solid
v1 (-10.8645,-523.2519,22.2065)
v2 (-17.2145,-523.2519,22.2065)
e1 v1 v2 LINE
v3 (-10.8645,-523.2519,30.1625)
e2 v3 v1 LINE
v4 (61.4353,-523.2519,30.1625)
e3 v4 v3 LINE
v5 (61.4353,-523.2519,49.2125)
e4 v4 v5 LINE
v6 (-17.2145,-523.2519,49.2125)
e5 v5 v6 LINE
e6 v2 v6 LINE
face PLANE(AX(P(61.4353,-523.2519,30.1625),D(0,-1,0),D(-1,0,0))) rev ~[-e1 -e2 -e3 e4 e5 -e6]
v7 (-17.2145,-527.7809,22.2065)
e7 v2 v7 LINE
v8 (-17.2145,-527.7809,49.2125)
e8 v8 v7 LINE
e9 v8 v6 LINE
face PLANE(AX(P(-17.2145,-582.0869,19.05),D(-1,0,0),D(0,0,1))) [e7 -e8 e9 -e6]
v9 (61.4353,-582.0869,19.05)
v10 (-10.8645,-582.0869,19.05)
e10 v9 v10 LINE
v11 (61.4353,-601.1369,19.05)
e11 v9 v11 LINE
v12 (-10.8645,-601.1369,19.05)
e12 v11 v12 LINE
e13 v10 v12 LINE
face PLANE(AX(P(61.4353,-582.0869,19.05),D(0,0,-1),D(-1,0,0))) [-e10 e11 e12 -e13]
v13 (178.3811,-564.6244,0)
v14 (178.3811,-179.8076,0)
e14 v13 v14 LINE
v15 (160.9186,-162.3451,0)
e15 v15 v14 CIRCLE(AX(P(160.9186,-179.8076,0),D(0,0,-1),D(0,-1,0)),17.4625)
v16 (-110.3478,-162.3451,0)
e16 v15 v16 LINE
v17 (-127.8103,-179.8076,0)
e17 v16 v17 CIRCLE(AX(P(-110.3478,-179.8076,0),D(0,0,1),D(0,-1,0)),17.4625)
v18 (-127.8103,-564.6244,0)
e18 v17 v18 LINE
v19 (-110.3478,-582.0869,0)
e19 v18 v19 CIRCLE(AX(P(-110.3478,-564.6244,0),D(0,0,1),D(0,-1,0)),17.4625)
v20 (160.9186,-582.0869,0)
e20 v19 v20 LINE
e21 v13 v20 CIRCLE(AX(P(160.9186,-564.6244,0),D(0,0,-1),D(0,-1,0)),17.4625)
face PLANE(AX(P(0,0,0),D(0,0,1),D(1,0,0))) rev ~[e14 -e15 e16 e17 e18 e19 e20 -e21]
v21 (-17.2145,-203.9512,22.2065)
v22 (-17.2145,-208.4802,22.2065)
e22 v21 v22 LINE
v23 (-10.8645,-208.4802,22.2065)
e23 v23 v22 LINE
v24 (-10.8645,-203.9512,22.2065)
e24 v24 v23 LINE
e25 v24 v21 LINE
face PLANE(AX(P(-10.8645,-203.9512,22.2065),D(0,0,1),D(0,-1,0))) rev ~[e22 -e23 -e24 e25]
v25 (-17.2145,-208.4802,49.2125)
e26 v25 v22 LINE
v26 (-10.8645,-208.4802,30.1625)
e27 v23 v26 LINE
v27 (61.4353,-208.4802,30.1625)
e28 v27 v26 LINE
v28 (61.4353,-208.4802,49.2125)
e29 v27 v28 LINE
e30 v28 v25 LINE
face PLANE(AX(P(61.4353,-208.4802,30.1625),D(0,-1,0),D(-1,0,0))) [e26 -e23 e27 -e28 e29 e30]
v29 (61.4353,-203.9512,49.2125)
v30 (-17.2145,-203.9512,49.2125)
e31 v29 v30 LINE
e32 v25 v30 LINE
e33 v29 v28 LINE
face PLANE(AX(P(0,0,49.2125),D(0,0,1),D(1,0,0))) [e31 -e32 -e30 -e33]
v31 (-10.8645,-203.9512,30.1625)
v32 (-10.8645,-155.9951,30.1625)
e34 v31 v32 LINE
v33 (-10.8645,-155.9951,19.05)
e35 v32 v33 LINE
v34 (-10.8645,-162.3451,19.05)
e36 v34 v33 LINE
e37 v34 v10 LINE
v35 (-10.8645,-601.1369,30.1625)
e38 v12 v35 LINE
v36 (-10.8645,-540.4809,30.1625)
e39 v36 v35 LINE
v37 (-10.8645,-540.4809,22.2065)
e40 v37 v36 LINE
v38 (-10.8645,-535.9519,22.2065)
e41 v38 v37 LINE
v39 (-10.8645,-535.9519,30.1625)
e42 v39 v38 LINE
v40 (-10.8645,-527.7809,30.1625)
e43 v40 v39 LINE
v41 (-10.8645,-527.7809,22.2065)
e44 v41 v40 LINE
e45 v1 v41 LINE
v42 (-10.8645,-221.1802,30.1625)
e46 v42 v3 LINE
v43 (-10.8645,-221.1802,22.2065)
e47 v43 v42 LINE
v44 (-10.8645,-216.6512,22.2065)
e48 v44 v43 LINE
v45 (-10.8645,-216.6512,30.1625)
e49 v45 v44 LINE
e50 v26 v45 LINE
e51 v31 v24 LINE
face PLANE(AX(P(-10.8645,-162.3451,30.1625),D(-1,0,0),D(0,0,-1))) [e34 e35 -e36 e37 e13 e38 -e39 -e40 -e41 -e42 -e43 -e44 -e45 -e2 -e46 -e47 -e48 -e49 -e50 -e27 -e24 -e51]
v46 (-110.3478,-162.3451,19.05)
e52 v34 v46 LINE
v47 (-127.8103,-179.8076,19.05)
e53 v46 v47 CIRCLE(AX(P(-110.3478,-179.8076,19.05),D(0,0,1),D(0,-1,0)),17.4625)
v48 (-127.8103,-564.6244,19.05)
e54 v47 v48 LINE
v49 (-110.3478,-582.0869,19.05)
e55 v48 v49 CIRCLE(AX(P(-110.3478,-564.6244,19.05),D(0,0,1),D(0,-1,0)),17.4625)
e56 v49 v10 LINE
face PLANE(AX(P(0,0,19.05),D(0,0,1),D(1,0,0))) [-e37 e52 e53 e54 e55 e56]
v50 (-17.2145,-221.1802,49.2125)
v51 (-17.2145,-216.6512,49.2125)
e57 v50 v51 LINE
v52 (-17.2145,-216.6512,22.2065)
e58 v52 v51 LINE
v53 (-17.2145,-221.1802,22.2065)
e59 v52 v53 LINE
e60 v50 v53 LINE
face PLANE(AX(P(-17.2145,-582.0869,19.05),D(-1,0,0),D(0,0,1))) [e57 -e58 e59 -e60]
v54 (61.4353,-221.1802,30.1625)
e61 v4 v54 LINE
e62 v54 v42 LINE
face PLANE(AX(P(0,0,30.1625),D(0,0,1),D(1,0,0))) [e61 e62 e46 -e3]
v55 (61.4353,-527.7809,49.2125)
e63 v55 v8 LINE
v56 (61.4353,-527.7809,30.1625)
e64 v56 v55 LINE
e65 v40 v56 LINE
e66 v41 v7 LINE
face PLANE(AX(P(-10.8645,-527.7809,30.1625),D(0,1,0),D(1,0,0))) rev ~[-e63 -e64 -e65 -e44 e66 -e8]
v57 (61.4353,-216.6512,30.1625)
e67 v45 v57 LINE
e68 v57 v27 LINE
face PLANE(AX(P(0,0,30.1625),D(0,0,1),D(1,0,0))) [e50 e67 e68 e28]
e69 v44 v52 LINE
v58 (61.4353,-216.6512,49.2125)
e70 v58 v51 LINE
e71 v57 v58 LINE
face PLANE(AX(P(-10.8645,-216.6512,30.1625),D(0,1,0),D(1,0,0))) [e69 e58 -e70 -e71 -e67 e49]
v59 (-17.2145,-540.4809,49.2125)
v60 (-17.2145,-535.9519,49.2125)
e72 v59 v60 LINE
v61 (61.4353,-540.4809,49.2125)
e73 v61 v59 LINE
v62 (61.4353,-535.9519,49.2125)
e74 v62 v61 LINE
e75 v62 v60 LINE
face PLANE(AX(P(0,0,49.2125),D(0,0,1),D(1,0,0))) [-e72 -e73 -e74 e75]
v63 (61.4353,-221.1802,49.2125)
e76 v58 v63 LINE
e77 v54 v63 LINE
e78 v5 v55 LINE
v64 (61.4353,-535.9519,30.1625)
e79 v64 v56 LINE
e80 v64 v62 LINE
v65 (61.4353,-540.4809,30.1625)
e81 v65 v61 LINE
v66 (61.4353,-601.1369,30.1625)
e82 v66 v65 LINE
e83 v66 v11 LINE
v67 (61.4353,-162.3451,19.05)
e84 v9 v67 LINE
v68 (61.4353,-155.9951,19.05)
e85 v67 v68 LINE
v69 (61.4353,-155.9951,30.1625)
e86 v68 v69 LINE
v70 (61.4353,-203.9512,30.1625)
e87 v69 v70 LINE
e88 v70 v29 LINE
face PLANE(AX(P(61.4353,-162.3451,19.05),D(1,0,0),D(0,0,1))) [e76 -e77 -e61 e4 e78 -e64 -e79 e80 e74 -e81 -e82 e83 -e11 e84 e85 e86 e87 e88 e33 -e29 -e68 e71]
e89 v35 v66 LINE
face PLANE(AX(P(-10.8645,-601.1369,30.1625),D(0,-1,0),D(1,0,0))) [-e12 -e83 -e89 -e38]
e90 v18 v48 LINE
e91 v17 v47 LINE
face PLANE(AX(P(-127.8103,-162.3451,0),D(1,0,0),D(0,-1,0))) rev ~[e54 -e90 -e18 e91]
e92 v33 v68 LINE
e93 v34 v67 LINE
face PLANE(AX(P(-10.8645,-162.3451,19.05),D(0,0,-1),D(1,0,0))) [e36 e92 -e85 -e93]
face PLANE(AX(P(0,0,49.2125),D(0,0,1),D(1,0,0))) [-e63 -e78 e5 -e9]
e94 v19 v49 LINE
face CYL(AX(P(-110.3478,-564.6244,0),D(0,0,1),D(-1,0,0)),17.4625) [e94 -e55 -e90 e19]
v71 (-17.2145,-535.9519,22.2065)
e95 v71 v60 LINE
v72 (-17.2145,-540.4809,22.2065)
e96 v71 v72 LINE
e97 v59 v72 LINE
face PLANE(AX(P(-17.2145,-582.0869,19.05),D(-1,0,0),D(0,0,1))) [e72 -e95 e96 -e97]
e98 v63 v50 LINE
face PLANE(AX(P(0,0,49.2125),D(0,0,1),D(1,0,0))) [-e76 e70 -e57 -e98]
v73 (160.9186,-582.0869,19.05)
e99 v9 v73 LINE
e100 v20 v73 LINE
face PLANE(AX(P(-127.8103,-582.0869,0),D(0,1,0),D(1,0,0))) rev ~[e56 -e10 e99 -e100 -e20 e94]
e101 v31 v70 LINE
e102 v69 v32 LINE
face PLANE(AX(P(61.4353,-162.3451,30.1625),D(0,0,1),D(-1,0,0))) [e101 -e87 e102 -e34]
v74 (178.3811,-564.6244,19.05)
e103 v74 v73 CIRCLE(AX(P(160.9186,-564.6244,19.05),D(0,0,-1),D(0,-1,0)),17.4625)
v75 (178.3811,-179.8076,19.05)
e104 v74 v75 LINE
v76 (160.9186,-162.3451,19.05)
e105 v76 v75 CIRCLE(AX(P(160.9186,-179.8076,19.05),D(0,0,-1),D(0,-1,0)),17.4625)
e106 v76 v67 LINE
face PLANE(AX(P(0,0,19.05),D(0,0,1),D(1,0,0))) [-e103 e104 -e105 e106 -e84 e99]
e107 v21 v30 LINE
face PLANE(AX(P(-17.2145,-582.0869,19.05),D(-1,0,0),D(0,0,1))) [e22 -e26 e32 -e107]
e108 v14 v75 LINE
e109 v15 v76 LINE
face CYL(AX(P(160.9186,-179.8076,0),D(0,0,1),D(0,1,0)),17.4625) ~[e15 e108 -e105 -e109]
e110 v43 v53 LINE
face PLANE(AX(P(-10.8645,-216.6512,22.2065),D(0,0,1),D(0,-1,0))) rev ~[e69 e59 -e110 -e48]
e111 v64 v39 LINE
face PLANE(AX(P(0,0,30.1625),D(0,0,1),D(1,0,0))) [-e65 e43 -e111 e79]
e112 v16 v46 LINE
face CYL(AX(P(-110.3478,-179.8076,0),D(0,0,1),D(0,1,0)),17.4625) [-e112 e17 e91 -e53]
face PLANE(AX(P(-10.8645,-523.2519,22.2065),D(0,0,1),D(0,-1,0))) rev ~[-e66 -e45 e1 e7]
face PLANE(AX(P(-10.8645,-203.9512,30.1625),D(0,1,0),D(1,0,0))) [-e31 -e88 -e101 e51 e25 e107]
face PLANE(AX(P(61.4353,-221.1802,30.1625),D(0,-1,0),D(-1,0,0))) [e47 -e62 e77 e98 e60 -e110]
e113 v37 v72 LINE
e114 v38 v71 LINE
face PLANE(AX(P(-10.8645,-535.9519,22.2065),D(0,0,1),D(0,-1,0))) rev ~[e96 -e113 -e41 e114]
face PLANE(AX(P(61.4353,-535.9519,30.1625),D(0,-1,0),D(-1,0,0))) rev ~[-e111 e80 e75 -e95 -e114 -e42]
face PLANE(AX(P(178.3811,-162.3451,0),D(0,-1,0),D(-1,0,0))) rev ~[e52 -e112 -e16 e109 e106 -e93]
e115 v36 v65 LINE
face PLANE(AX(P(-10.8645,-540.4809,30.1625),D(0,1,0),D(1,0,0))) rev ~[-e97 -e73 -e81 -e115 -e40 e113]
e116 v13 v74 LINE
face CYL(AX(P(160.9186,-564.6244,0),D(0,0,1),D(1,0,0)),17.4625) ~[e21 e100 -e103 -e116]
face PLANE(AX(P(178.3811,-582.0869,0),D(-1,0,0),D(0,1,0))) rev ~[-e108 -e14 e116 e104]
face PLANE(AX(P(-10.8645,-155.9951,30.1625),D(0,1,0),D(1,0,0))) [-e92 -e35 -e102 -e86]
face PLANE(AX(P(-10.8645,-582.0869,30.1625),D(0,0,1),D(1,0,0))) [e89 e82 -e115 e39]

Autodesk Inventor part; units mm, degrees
ref_plane "YZ Plane" through (0, 0, 0) normal (1, 0, 0) x (0, 1, 0)
ref_plane "XZ Plane" through (0, 0, 0) normal (0, 1, 0) x (-1, 0, 0)
ref_plane "XY Plane" through (0, 0, 0) normal (0, 0, 1) x (1, 0, 0)
sketch "Sketch1" plane through (0, 0, 0) normal (0, 0, 1) x (1, 0, 0)
  line L0 (178.3811, -162.3451) -> (-127.8103, -162.3451)
  line L1 (-127.8103, -162.3451) -> (-127.8103, -582.0869)
  line L2 (-127.8103, -582.0869) -> (178.3811, -582.0869)
  line L3 (178.3811, -582.0869) -> (178.3811, -162.3451)
  circle A0 centre (25.2854, -372.216) radius 2.2409 projected
  line L4 (178.3811, -162.3451) -> (-127.8103, -582.0869)
  line L5 (178.3811, -582.0869) -> (-127.8103, -162.3451)
  point P0 (0, 0)
extrude "Extrusion1" add sketch "Sketch1" along normal blind 19.05
sketch "Sketch2" plane through (0, 0, 19.05) normal (0, 0, 1) x (1, 0, 0)
  line L0 (178.3811, -582.0869) -> (-127.8103, -582.0869) projected
  line L1 (-127.8103, -162.3451) -> (178.3811, -162.3451) projected
  line L2 (-10.8645, -162.3451) -> (-10.8645, -582.0869)
  circle A0 centre (25.2854, -372.216) radius 4.386 projected
  line L3 (61.4353, -582.0869) -> (61.4353, -162.3451)
  line L4 (-10.8645, -162.3451) -> (61.4353, -582.0869)
  line L5 (61.4353, -162.3451) -> (-10.8645, -582.0869)
  line L6 (-10.8645, -162.3451) -> (61.4353, -162.3451)
  line L7 (61.4353, -582.0869) -> (-10.8645, -582.0869)
  point P0 (0, 0)
  point P1 (25.2854, -372.216)
extrude "Extrusion2" add sketch "Sketch2" along normal blind 11.1125
sketch "Sketch3" plane through (0, 0, 30.1625) normal (0, 0, 1) x (1, 0, 0)
  line L0 (-10.8645, -582.0869) -> (-10.8645, -162.3451) projected
  line L1 (61.4353, -162.3451) -> (61.4353, -582.0869) projected
  circle A0 centre (25.2854, -372.216) radius 4.386 projected
  line L2 (-10.8645, -203.9512) -> (61.4353, -203.9512)
  line L3 (61.4353, -203.9512) -> (61.4353, -208.4802)
  line L4 (61.4353, -208.4802) -> (-10.8645, -208.4802)
  line L5 (-10.8645, -208.4802) -> (-10.8645, -203.9512)
  line L6 (-10.8645, -216.6512) -> (61.4353, -216.6512)
  line L7 (61.4353, -216.6512) -> (61.4353, -221.1802)
  line L8 (61.4353, -221.1802) -> (-10.8645, -221.1802)
  line L9 (-10.8645, -221.1802) -> (-10.8645, -216.6512)
  line L10 (25.2854, -372.216) -> (-128.4851, -372.216) construction
  line L11 (-10.8645, -540.4809) -> (61.4353, -540.4809)
  line L12 (61.4353, -540.4809) -> (61.4353, -535.9519)
  line L13 (61.4353, -535.9519) -> (-10.8645, -535.9519)
  line L14 (-10.8645, -535.9519) -> (-10.8645, -540.4809)
  line L15 (61.4353, -527.7809) -> (61.4353, -523.2519)
  line L16 (-10.8645, -523.2519) -> (-10.8645, -527.7809)
  line L17 (-10.8645, -527.7809) -> (61.4353, -527.7809)
  line L18 (61.4353, -523.2519) -> (-10.8645, -523.2519)
  point P0 (0, 0)
  dimension "d6" = 12.7
extrude "Extrusion3" add sketch "Sketch3" along normal blind 19.05 contours L0 L13 L1 L11 | L0 L18 L1 L17 | L0 L6 L1 L8 | L0 L2 L1 L4
fillet "Fillet1" radius 17.4625 4 edges at (-127.8103, -582.0869, 9.525) (-127.8103, -162.3451, 9.525) (178.3811, -582.0869, 9.525) (178.3811, -162.3451, 9.525)
sketch "Sketch4" plane through (-10.8645, -582.0869, 19.05) normal (-1, 0, 0) x (0, 0, 1)
  line L0 (11.1125, 0) -> (11.1125, 41.606) projected
  line L1 (11.1125, 41.606) -> (30.1625, 41.606) projected
  line L2 (30.1625, 41.606) -> (30.1625, 46.135) projected
  line L3 (11.1125, 46.135) -> (30.1625, 46.135) projected
  line L4 (11.1125, 54.306) -> (30.1625, 54.306) projected
  line L5 (30.1625, 54.306) -> (30.1625, 58.835) projected
  line L6 (11.1125, 58.835) -> (30.1625, 58.835) projected
  line L7 (11.1125, 58.835) -> (11.1125, 360.9067) projected
  line L8 (11.1125, 360.9067) -> (30.1625, 360.9067) projected
  line L9 (30.1625, 360.9067) -> (30.1625, 365.4357) projected
  line L10 (11.1125, 365.4357) -> (30.1625, 365.4357) projected
  line L11 (11.1125, 373.6067) -> (30.1625, 373.6067) projected
  line L12 (30.1625, 373.6067) -> (30.1625, 378.1357) projected
  line L13 (11.1125, 378.1357) -> (30.1625, 378.1357) projected
  line L14 (0, 0) -> (0, 419.7418) projected
  line L15 (0, 0) -> (11.1125, 0) projected
  line L16 (11.1125, 378.1357) -> (3.1565, 378.1357)
  line L17 (3.1565, 378.1357) -> (3.1565, 373.6067)
  line L18 (3.1565, 373.6067) -> (11.1125, 373.6067)
  line L19 (11.1125, 365.4357) -> (3.1565, 365.4357)
  line L20 (3.1565, 365.4357) -> (3.1565, 360.9067)
  line L21 (3.1565, 360.9067) -> (11.1125, 360.9067)
  line L22 (11.1125, 58.835) -> (3.1565, 58.835)
  line L23 (3.1565, 58.835) -> (3.1565, 54.306)
  line L24 (3.1565, 54.306) -> (11.1125, 54.306)
  line L25 (11.1125, 46.135) -> (3.1565, 46.135)
  line L26 (3.1565, 46.135) -> (3.1565, 41.606)
  line L27 (3.1565, 41.606) -> (11.1125, 41.606)
  point P0 (-19.05, 582.0869)
extrude "Extrusion4" add sketch "Sketch4" along normal blind 6.35
sketch "Sketch5" plane through (-10.8645, -582.0869, 30.1625) normal (0, -1, 0) x (1, 0, 0)
  line L0 (0, 0) -> (72.2998, 0)
  line L1 (72.2998, 0) -> (72.2998, -11.1125)
  line L2 (72.2998, -11.1125) -> (0, -11.1125)
  line L3 (0, -11.1125) -> (0, 0)
  point P0 (10.8645, -30.1625)
extrude "Extrusion5" add sketch "Sketch5" along normal blind 19.05
sketch "Sketch6" plane through (-10.8645, -162.3451, 30.1625) normal (0, 1, 0) x (1, 0, 0)
  line L0 (0, 11.1125) -> (72.2998, 11.1125)
  line L1 (72.2998, 11.1125) -> (72.2998, 0)
  line L2 (72.2998, 0) -> (0, 0)
  line L3 (0, 0) -> (0, 11.1125)
  point P0 (10.8645, 30.1625)
extrude "Extrusion6" add sketch "Sketch6" along normal blind 6.35
properties part number "Ruler"
